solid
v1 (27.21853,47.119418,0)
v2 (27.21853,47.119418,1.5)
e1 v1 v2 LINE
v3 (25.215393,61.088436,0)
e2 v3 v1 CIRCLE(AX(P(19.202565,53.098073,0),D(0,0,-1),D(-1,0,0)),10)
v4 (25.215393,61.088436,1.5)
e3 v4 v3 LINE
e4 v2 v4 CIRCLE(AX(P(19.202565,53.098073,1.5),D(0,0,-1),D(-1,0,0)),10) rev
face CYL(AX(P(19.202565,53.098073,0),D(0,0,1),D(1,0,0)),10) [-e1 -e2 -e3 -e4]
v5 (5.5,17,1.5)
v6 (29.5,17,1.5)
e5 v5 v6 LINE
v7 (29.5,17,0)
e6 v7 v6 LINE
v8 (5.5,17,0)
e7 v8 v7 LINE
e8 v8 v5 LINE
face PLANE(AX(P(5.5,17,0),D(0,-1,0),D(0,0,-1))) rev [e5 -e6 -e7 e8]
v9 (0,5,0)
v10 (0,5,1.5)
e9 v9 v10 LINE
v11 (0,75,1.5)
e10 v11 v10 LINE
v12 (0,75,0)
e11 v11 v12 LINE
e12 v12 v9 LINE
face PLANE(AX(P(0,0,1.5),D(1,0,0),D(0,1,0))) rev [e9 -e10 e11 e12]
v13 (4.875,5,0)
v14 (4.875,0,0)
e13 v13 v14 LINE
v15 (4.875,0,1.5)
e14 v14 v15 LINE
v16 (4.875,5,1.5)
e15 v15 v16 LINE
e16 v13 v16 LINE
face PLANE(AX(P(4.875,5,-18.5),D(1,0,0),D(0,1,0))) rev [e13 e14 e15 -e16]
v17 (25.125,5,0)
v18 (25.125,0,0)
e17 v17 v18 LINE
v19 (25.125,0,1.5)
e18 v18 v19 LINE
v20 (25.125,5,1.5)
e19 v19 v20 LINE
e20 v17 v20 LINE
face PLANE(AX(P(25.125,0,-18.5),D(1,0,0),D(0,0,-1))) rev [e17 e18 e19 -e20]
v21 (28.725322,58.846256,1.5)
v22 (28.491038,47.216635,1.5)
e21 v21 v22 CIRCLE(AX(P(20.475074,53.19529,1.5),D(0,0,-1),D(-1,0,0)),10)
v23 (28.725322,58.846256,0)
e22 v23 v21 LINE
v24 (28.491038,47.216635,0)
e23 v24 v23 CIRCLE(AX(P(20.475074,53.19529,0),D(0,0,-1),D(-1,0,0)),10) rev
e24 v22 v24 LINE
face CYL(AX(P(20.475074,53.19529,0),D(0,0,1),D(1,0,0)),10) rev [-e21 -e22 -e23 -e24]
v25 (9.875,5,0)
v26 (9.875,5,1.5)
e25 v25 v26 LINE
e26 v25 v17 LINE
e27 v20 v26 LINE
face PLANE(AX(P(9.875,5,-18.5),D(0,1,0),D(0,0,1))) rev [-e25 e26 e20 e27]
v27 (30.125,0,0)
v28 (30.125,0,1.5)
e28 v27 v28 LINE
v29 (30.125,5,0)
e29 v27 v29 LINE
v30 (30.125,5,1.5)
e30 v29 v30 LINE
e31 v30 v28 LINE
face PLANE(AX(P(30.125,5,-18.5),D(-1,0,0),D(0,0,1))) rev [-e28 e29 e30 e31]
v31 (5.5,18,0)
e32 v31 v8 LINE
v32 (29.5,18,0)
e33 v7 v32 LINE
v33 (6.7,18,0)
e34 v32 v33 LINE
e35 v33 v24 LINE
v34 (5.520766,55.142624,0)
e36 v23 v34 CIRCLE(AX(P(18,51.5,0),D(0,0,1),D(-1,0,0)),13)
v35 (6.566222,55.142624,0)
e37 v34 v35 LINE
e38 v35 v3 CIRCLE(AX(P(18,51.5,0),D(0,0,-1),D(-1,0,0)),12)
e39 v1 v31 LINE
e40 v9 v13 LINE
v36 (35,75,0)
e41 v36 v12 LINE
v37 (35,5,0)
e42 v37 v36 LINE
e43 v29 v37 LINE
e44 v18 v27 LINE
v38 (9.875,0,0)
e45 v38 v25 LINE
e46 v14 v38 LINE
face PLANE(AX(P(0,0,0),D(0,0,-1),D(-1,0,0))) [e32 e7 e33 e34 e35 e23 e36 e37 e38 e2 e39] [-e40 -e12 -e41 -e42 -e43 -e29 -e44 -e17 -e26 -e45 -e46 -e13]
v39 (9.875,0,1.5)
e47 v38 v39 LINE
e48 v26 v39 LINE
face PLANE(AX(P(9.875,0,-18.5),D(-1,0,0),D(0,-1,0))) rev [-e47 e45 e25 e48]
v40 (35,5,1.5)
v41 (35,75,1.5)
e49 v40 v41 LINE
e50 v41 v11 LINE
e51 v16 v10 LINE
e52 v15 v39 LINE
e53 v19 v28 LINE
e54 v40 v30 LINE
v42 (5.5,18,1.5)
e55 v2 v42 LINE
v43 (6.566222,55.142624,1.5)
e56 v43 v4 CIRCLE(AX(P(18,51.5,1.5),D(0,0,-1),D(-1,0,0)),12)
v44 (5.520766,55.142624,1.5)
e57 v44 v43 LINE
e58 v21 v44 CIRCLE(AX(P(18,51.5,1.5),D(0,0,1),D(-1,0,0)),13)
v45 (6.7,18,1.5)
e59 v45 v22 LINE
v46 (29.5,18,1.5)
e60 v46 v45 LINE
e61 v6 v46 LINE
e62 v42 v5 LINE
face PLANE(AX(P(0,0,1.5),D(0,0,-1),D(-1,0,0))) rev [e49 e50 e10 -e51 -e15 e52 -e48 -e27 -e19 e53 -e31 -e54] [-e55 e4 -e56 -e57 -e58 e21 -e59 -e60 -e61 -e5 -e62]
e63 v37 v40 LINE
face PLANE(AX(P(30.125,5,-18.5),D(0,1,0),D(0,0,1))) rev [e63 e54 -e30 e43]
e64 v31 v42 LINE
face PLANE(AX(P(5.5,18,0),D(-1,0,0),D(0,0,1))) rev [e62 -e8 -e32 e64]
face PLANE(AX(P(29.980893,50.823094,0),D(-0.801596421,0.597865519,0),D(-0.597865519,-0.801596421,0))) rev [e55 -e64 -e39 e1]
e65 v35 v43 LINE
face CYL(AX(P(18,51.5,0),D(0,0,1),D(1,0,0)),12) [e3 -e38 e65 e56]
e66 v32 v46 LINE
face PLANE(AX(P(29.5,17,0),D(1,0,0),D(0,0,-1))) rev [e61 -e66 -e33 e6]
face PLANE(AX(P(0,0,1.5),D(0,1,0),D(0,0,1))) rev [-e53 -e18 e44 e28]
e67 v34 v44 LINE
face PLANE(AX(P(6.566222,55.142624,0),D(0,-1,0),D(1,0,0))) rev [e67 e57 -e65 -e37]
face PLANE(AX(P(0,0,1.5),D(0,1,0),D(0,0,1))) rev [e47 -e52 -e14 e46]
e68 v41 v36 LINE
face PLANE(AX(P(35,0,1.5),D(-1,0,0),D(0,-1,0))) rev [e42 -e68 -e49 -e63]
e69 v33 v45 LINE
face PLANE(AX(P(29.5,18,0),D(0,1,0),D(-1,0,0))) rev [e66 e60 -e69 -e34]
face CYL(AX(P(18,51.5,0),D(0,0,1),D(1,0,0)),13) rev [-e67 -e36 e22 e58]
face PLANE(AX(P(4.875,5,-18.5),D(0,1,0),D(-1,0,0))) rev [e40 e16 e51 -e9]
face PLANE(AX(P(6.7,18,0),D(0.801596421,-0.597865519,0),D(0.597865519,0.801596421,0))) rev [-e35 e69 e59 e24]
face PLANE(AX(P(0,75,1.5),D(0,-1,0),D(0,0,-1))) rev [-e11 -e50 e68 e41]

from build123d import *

# Parameters (mm, degrees)
SKIZZE1_W                        = 35
SKIZZE1_H                        = 75
AUFSATZ_LINEAR_AUSTRAGEN1_DEPTH  = 1.5
SKIZZE3_W                        = 15.25
SKIZZE3_H                        = 5
SKIZZE3_W_2                      = 4.875
SCHNITT_LINEAR_AUSTRAGEN12_DEPTH = 20
SCHNITT_LINEAR_AUSTRAGEN14_DEPTH = 1.5
VERRUNDUNG1_R                    = 10
VERRUNDUNG2_R                    = 10


with BuildPart() as part:
    # Skizze1 → Aufsatz-Linear austragen1 (new body)
    with BuildSketch(Plane.XY):
        with Locations((17.5, 37.5)):
            Rectangle(SKIZZE1_W, SKIZZE1_H)
    extrude(amount=AUFSATZ_LINEAR_AUSTRAGEN1_DEPTH)

    # Skizze3 → Schnitt-Linear austragen12 (cut)
    with BuildSketch(Plane.XY.offset(1.5)):
        with Locations((17.5, 2.5)):
            Rectangle(SKIZZE3_W, SKIZZE3_H)
        with Locations((32.5625, 2.5)):
            Rectangle(SKIZZE3_W_2, SKIZZE3_H)
        with Locations((2.4375, 2.5)):
            Rectangle(SKIZZE3_W_2, SKIZZE3_H)
    extrude(amount=-SCHNITT_LINEAR_AUSTRAGEN12_DEPTH, mode=Mode.SUBTRACT)

    # Skizze7 → Schnitt-Linear austragen14 (cut)
    with BuildSketch(Plane.XY.offset(1.5)):
        with BuildLine():
            Line((29.980893063, 50.823094237), (5.5, 18))
            Line((5.5, 18), (5.5, 17))
            Line((5.5, 17), (29.5, 17))
            Line((29.5, 17), (29.5, 18))
            Line((29.5, 18), (6.7, 18))
            Line((6.7, 18), (30.963924784, 50.532191031))
            ThreePointArc((30.963924784, 50.532191031), (20.317920223, 64.291686591), (5.520765623, 55.142623967))
            Line((5.520765623, 55.142623967), (6.566221507, 55.142623967))
            ThreePointArc((6.566221507, 55.142623967), (20.177020409, 63.300872092), (29.980893063, 50.823094237))
        make_face()
    extrude(amount=-SCHNITT_LINEAR_AUSTRAGEN14_DEPTH, mode=Mode.SUBTRACT)

    # Verrundung1
    verrundung1_edges = [part.edges().sort_by_distance(p)[0] for p in [
        (30.963924784, 50.532191031, 0.75),
    ]]
    fillet(verrundung1_edges, radius=VERRUNDUNG1_R)

    # Verrundung2
    verrundung2_edges = [part.edges().sort_by_distance(p)[0] for p in [
        (29.980893063, 50.823094237, 0.75),
    ]]
    fillet(verrundung2_edges, radius=VERRUNDUNG2_R)


solid = part.part
